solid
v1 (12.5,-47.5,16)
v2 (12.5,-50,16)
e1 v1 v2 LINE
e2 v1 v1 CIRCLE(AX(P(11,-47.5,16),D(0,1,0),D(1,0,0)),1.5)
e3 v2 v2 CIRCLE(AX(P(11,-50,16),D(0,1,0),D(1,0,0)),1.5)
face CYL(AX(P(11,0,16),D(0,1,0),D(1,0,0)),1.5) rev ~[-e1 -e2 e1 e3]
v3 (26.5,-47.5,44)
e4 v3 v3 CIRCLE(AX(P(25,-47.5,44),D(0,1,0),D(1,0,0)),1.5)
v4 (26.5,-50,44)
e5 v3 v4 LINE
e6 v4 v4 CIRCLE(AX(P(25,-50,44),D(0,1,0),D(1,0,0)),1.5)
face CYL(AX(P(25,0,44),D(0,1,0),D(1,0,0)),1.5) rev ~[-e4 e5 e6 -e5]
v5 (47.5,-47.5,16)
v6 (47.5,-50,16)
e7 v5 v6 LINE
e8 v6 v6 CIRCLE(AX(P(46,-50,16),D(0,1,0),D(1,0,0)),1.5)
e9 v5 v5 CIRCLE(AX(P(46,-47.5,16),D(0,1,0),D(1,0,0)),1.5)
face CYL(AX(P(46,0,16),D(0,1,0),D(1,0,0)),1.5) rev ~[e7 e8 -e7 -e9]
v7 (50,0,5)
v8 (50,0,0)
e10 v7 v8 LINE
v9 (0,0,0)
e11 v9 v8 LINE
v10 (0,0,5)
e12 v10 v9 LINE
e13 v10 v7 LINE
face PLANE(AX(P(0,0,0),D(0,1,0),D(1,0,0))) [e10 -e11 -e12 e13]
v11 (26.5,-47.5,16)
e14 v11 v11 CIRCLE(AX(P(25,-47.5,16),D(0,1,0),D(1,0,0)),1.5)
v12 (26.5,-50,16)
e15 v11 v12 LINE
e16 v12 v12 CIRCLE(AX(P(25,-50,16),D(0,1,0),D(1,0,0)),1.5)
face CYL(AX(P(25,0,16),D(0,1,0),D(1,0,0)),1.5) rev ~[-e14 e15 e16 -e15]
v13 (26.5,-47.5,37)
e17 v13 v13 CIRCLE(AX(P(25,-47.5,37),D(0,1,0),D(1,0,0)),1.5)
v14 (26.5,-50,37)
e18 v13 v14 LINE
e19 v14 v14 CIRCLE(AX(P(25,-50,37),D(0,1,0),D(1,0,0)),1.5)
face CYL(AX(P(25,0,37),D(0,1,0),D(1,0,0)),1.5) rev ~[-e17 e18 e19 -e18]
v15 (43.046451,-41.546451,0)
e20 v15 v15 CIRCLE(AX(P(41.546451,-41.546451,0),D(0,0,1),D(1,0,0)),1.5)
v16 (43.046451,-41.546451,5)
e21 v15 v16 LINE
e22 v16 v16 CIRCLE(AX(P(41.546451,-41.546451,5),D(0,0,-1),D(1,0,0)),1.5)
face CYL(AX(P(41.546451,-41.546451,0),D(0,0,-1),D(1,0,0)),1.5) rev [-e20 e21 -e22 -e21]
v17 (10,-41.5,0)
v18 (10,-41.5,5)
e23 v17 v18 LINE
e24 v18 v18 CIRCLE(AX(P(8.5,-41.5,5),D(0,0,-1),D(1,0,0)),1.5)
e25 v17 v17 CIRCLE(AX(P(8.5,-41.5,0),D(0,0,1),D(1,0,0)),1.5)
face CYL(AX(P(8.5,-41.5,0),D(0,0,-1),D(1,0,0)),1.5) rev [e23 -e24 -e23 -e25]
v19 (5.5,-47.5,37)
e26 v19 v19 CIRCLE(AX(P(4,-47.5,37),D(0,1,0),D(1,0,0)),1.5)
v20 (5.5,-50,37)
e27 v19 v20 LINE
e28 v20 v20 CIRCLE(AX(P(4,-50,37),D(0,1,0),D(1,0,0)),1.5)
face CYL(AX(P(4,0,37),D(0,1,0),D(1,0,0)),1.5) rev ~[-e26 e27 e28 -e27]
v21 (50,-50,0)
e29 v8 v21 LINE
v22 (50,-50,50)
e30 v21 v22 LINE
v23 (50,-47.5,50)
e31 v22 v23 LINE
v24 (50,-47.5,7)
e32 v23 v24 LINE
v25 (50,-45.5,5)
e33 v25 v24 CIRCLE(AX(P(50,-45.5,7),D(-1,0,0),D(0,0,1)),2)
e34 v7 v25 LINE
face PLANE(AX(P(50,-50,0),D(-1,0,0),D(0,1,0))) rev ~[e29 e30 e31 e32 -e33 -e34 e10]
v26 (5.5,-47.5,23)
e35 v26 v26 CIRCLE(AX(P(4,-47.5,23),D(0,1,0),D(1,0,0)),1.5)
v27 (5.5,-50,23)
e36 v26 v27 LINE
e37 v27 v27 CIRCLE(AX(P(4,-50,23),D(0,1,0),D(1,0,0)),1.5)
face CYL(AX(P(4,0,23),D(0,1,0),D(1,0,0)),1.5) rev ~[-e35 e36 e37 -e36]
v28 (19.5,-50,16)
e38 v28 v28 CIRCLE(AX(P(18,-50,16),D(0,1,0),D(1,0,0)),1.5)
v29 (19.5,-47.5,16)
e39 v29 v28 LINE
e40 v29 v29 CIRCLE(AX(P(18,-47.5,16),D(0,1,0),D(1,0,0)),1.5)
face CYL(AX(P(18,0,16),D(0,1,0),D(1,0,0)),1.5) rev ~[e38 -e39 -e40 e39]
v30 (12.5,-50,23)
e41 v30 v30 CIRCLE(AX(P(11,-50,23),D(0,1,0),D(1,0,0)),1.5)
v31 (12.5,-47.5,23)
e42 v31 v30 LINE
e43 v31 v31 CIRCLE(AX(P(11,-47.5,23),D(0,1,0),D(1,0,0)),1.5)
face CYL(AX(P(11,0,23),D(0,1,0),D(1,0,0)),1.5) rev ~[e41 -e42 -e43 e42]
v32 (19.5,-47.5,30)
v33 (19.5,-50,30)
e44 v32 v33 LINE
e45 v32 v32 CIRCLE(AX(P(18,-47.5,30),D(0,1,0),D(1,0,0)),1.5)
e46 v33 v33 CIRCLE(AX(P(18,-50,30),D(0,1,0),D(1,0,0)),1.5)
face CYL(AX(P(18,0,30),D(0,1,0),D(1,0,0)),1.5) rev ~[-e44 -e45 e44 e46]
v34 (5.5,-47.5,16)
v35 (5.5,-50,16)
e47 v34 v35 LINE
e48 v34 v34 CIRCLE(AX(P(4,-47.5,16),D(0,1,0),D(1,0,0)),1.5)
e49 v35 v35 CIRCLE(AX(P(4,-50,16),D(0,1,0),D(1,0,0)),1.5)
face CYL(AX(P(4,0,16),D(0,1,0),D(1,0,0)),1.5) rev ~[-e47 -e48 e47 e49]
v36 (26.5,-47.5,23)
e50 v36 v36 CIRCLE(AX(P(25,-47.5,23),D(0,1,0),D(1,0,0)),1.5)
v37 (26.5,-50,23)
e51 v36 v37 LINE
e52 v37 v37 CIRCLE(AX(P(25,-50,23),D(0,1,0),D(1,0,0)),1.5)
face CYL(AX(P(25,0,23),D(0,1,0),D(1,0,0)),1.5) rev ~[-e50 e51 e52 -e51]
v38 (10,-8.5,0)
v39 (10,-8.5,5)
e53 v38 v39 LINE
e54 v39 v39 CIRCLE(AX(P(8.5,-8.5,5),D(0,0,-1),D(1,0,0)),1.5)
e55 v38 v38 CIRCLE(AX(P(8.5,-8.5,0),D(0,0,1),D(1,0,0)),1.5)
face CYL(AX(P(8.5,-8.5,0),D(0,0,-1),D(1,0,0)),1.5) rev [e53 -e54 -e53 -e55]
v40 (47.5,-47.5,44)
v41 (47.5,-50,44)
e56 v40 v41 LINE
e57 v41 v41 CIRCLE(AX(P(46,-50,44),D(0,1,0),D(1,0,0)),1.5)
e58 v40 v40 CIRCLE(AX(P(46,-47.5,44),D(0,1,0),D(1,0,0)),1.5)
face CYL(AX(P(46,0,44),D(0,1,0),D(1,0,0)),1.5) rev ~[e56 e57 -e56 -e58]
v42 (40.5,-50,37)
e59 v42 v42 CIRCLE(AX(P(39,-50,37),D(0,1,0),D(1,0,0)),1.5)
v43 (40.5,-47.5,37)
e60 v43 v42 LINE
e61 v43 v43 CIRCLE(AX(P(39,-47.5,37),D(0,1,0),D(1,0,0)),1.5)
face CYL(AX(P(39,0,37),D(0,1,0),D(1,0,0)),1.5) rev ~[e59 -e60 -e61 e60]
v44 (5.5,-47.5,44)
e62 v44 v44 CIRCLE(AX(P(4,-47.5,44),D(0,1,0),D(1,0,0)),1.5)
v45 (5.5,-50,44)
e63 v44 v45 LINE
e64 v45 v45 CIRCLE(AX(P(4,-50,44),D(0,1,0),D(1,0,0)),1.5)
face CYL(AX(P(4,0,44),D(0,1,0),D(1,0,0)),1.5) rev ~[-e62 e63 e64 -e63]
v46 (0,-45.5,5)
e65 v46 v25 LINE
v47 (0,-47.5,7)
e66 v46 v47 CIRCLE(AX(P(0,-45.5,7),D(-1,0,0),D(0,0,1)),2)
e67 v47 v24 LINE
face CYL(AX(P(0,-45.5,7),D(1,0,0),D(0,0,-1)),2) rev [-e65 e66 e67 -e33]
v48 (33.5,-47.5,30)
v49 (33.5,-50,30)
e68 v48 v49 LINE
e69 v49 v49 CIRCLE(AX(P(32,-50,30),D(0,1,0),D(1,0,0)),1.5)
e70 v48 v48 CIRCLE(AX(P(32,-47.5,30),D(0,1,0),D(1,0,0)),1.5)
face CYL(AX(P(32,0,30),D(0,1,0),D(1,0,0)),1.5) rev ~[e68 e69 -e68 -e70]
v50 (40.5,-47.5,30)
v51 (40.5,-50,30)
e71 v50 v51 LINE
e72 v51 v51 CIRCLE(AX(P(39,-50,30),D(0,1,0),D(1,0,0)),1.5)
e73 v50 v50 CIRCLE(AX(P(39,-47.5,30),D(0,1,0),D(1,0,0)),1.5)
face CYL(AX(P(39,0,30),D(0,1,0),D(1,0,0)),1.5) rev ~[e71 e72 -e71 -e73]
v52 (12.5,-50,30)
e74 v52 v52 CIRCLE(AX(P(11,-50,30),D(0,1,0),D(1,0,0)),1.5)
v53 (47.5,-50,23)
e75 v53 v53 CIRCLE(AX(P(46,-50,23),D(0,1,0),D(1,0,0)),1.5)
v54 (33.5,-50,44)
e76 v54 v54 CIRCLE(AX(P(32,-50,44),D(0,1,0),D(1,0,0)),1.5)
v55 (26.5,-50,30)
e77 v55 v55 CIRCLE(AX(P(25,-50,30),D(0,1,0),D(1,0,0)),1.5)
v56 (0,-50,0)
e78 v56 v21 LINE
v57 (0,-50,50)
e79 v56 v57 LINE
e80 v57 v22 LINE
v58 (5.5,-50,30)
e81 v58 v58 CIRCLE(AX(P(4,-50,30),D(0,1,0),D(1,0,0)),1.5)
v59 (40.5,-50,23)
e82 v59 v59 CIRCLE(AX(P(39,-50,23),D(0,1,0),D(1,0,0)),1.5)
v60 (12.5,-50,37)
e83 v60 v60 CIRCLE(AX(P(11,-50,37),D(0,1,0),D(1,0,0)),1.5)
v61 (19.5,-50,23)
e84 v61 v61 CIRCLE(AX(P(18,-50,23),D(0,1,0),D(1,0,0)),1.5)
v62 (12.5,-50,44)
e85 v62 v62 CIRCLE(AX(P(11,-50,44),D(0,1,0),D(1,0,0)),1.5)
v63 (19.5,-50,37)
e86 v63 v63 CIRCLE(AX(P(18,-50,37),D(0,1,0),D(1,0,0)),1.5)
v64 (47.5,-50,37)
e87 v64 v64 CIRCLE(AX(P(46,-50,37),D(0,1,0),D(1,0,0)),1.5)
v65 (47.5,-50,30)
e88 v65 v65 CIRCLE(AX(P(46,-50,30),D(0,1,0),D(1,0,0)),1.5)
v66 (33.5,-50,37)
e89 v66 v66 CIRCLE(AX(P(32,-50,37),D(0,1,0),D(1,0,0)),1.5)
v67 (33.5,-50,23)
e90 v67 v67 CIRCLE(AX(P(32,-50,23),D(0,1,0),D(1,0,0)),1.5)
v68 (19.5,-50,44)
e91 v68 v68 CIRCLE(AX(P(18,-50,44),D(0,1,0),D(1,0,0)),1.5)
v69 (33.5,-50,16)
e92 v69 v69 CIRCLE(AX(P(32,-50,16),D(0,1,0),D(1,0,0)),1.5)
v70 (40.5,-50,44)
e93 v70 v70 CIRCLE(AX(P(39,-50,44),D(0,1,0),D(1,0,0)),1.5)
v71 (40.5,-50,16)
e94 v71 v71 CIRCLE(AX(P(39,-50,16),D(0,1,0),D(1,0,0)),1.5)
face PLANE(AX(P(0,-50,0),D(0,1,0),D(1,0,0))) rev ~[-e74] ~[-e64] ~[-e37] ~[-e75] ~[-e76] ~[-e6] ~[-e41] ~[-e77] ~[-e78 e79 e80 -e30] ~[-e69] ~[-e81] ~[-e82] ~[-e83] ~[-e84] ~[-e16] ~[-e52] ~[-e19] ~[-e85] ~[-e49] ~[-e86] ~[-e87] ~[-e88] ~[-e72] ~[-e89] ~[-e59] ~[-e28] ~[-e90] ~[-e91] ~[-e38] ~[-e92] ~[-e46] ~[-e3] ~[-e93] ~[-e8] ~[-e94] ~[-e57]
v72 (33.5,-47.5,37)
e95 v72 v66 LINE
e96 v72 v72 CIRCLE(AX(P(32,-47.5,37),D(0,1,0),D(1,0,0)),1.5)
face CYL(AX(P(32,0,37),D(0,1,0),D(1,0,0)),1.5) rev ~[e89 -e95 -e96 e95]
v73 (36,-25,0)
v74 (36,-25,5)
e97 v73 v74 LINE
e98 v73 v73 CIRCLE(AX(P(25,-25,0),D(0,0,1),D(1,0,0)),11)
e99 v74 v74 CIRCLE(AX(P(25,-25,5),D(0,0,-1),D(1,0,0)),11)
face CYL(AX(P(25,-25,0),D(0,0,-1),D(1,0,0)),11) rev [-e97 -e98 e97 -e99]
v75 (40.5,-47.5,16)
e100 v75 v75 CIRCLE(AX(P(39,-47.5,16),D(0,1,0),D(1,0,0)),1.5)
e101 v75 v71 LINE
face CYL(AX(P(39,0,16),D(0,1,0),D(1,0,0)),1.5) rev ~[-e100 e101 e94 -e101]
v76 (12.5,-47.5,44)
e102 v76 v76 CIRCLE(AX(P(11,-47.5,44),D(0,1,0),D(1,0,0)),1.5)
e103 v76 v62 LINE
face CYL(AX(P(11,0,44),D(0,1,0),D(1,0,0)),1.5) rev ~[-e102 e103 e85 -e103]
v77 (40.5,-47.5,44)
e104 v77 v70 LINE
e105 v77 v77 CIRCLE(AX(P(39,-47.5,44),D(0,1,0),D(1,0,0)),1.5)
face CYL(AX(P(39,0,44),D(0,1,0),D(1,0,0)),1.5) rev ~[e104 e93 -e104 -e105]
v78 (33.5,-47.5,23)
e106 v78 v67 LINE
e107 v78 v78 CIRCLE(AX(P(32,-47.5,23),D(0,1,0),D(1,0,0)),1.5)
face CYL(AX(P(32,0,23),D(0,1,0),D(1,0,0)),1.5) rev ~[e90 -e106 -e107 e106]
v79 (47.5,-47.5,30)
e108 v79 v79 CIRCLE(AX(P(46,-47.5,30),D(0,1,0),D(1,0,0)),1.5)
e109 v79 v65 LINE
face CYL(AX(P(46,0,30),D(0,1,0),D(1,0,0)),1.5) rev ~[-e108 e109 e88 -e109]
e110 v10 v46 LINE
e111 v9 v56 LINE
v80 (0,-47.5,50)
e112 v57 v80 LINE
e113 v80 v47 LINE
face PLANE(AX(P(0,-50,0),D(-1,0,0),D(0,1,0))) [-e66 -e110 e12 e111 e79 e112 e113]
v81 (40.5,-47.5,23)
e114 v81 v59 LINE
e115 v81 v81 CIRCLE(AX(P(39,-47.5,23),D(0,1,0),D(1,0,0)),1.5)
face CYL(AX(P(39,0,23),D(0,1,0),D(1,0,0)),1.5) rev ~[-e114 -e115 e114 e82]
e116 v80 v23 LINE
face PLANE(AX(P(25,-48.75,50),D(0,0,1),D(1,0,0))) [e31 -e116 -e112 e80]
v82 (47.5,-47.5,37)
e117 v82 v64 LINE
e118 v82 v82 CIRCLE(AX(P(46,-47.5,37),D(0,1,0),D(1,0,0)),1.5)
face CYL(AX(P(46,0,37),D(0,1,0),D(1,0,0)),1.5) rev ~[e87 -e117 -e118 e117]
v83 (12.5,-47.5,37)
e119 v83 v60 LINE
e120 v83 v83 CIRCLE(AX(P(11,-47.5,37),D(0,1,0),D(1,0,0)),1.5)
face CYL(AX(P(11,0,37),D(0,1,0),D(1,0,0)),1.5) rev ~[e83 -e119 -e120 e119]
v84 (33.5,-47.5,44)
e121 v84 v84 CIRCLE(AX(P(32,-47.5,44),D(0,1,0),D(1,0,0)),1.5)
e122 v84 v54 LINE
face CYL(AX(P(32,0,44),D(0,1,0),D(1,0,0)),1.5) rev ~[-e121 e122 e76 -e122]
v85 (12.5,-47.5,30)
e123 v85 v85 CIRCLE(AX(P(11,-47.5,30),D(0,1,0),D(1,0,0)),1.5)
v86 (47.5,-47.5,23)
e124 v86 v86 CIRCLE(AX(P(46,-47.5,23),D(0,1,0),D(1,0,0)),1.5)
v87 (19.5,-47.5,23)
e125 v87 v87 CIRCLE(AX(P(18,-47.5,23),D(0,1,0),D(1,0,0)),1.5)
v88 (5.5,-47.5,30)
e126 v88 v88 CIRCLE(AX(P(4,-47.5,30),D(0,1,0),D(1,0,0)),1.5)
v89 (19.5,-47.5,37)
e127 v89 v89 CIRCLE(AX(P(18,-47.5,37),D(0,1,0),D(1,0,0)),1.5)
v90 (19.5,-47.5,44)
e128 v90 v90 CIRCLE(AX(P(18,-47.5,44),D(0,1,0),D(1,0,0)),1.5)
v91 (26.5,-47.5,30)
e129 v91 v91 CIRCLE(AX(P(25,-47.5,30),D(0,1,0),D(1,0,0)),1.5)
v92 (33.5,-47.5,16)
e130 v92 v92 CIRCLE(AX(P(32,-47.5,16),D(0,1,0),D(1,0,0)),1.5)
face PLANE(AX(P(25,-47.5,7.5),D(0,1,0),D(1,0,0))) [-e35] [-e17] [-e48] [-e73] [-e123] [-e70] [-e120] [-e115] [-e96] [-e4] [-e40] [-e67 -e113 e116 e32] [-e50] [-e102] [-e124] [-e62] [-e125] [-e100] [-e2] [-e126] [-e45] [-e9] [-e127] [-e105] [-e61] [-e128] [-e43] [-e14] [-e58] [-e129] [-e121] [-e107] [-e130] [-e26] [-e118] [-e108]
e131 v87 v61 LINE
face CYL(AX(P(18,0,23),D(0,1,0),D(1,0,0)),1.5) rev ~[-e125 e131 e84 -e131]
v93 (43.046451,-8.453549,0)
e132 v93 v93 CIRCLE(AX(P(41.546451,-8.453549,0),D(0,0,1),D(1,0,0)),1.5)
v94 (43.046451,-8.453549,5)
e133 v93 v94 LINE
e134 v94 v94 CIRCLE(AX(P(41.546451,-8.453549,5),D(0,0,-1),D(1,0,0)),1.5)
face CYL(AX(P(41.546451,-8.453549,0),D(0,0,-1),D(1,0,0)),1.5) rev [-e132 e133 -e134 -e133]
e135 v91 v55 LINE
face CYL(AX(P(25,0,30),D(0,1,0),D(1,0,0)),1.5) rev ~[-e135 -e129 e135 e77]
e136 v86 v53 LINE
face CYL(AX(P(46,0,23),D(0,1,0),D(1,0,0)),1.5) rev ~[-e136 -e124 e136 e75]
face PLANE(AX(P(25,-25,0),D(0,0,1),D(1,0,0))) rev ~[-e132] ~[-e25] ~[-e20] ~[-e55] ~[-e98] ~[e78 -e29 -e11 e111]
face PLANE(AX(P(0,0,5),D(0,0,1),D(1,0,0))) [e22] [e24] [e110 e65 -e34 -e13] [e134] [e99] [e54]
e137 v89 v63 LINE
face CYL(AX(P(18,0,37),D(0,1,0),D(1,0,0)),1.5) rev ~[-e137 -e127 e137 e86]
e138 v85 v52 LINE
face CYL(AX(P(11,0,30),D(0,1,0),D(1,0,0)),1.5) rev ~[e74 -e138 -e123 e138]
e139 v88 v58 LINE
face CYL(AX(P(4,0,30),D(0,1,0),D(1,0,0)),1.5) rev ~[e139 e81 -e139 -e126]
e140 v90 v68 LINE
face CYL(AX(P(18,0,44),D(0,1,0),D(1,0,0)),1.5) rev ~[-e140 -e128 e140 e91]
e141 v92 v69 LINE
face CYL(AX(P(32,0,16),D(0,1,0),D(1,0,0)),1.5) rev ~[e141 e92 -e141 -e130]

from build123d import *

# Parameters (mm, degrees)
ESBO_O1_W                = 50
ESBO_O1_H                = 50
ESBO_O1_R                = 11
ESBO_O1_R_2              = 1.5
RESSALTO_EXTRUS_O1_DEPTH = 10
ESBO_O2_W                = 50
ESBO_O2_H                = 2.5
RESSALTO_EXTRUS_O2_DEPTH = 50
ESBO_O3_R                = 1.5
CORTE_EXTRUS_O1_DEPTH    = 101
ESBO_O1_2_W              = 50
ESBO_O1_2_H              = 50
ESBO_O1_2_R              = 11
ESBO_O1_2_R_2            = 1.5
RESSALTO_EXTRUS_O3_DEPTH = 4
ESBO_O5_W                = 50
ESBO_O5_H                = 5
CORTE_EXTRUS_O2_DEPTH    = 47.5
FILETE2_R                = 2


with BuildPart() as part:
    # Esboço1 → Ressalto-extrusão1 (new body)
    with BuildSketch(Plane.XY):
        with Locations((25, -25)):
            Rectangle(ESBO_O1_W, ESBO_O1_H)
        with Locations((25, -25)):
            Circle(ESBO_O1_R, mode=Mode.SUBTRACT)
        with Locations((8.5, -8.5)):
            Circle(ESBO_O1_R_2, mode=Mode.SUBTRACT)
        with Locations((41.546450715, -8.453549285)):
            Circle(ESBO_O1_R_2, mode=Mode.SUBTRACT)
        with Locations((41.546450715, -41.546450715)):
            Circle(ESBO_O1_R_2, mode=Mode.SUBTRACT)
        with Locations((8.5, -41.5)):
            Circle(ESBO_O1_R_2, mode=Mode.SUBTRACT)
    extrude(amount=RESSALTO_EXTRUS_O1_DEPTH)

    # Esboço2 → Ressalto-extrusão2 (add)
    with BuildSketch(Plane.XY):
        with Locations((25, -48.75)):
            Rectangle(ESBO_O2_W, ESBO_O2_H)
    extrude(amount=RESSALTO_EXTRUS_O2_DEPTH)

    # Esboço3 → Corte-extrusão1 (cut)
    with BuildSketch(Plane(origin=(0, 0, 0), x_dir=(1, 0, 0), z_dir=(0, 1, 0))):
        with Locations((4, -37)):
            Circle(ESBO_O3_R)
        with Locations((4, -44)):
            Circle(ESBO_O3_R)
        with Locations((11, -44)):
            Circle(ESBO_O3_R)
        with Locations((18, -44)):
            Circle(ESBO_O3_R)
        with Locations((25, -44)):
            Circle(ESBO_O3_R)
        with Locations((32, -44)):
            Circle(ESBO_O3_R)
        with Locations((39, -44)):
            Circle(ESBO_O3_R)
        with Locations((46, -44)):
            Circle(ESBO_O3_R)
        with Locations((46, -37)):
            Circle(ESBO_O3_R)
        with Locations((39, -37)):
            Circle(ESBO_O3_R)
        with Locations((32, -37)):
            Circle(ESBO_O3_R)
        with Locations((25, -37)):
            Circle(ESBO_O3_R)
        with Locations((18, -37)):
            Circle(ESBO_O3_R)
        with Locations((11, -37)):
            Circle(ESBO_O3_R)
        with Locations((4, -30)):
            Circle(ESBO_O3_R)
        with Locations((11, -30)):
            Circle(ESBO_O3_R)
        with Locations((18, -30)):
            Circle(ESBO_O3_R)
        with Locations((32, -30)):
            Circle(ESBO_O3_R)
        with Locations((25, -30)):
            Circle(ESBO_O3_R)
        with Locations((39, -30)):
            Circle(ESBO_O3_R)
        with Locations((46, -30)):
            Circle(ESBO_O3_R)
        with Locations((46, -23)):
            Circle(ESBO_O3_R)
        with Locations((39, -23)):
            Circle(ESBO_O3_R)
        with Locations((32, -23)):
            Circle(ESBO_O3_R)
        with Locations((18, -23)):
            Circle(ESBO_O3_R)
        with Locations((25, -23)):
            Circle(ESBO_O3_R)
        with Locations((11, -23)):
            Circle(ESBO_O3_R)
        with Locations((4, -23)):
            Circle(ESBO_O3_R)
        with Locations((4, -16)):
            Circle(ESBO_O3_R)
        with Locations((11, -16)):
            Circle(ESBO_O3_R)
        with Locations((18, -16)):
            Circle(ESBO_O3_R)
        with Locations((25, -16)):
            Circle(ESBO_O3_R)
        with Locations((32, -16)):
            Circle(ESBO_O3_R)
        with Locations((39, -16)):
            Circle(ESBO_O3_R)
        with Locations((46, -16)):
            Circle(ESBO_O3_R)
    extrude(amount=-CORTE_EXTRUS_O1_DEPTH, mode=Mode.SUBTRACT)

    # Esboço1<2> → Ressalto-extrusão3 (add)
    with BuildSketch(Plane.XY):
        with Locations((25, -25)):
            Rectangle(ESBO_O1_2_W, ESBO_O1_2_H)
        with Locations((25, -25)):
            Circle(ESBO_O1_2_R, mode=Mode.SUBTRACT)
        with Locations((8.5, -8.5)):
            Circle(ESBO_O1_2_R_2, mode=Mode.SUBTRACT)
        with Locations((41.546450715, -8.453549285)):
            Circle(ESBO_O1_2_R_2, mode=Mode.SUBTRACT)
        with Locations((41.546450715, -41.546450715)):
            Circle(ESBO_O1_2_R_2, mode=Mode.SUBTRACT)
        with Locations((8.5, -41.5)):
            Circle(ESBO_O1_2_R_2, mode=Mode.SUBTRACT)
    extrude(amount=RESSALTO_EXTRUS_O3_DEPTH)

    # Esboço5 → Corte-extrusão2 (cut)
    with BuildSketch(Plane(origin=(0, 0, 0), x_dir=(1, 0, 0), z_dir=(0, 1, 0))):
        with Locations((25, -7.5)):
            Rectangle(ESBO_O5_W, ESBO_O5_H)
    extrude(amount=-CORTE_EXTRUS_O2_DEPTH, mode=Mode.SUBTRACT)

    # Filete2
    filete2_edges = [part.edges().sort_by_distance(p)[0] for p in [
        (25, -47.5, 5),
    ]]
    fillet(filete2_edges, radius=FILETE2_R)


solid = part.part
